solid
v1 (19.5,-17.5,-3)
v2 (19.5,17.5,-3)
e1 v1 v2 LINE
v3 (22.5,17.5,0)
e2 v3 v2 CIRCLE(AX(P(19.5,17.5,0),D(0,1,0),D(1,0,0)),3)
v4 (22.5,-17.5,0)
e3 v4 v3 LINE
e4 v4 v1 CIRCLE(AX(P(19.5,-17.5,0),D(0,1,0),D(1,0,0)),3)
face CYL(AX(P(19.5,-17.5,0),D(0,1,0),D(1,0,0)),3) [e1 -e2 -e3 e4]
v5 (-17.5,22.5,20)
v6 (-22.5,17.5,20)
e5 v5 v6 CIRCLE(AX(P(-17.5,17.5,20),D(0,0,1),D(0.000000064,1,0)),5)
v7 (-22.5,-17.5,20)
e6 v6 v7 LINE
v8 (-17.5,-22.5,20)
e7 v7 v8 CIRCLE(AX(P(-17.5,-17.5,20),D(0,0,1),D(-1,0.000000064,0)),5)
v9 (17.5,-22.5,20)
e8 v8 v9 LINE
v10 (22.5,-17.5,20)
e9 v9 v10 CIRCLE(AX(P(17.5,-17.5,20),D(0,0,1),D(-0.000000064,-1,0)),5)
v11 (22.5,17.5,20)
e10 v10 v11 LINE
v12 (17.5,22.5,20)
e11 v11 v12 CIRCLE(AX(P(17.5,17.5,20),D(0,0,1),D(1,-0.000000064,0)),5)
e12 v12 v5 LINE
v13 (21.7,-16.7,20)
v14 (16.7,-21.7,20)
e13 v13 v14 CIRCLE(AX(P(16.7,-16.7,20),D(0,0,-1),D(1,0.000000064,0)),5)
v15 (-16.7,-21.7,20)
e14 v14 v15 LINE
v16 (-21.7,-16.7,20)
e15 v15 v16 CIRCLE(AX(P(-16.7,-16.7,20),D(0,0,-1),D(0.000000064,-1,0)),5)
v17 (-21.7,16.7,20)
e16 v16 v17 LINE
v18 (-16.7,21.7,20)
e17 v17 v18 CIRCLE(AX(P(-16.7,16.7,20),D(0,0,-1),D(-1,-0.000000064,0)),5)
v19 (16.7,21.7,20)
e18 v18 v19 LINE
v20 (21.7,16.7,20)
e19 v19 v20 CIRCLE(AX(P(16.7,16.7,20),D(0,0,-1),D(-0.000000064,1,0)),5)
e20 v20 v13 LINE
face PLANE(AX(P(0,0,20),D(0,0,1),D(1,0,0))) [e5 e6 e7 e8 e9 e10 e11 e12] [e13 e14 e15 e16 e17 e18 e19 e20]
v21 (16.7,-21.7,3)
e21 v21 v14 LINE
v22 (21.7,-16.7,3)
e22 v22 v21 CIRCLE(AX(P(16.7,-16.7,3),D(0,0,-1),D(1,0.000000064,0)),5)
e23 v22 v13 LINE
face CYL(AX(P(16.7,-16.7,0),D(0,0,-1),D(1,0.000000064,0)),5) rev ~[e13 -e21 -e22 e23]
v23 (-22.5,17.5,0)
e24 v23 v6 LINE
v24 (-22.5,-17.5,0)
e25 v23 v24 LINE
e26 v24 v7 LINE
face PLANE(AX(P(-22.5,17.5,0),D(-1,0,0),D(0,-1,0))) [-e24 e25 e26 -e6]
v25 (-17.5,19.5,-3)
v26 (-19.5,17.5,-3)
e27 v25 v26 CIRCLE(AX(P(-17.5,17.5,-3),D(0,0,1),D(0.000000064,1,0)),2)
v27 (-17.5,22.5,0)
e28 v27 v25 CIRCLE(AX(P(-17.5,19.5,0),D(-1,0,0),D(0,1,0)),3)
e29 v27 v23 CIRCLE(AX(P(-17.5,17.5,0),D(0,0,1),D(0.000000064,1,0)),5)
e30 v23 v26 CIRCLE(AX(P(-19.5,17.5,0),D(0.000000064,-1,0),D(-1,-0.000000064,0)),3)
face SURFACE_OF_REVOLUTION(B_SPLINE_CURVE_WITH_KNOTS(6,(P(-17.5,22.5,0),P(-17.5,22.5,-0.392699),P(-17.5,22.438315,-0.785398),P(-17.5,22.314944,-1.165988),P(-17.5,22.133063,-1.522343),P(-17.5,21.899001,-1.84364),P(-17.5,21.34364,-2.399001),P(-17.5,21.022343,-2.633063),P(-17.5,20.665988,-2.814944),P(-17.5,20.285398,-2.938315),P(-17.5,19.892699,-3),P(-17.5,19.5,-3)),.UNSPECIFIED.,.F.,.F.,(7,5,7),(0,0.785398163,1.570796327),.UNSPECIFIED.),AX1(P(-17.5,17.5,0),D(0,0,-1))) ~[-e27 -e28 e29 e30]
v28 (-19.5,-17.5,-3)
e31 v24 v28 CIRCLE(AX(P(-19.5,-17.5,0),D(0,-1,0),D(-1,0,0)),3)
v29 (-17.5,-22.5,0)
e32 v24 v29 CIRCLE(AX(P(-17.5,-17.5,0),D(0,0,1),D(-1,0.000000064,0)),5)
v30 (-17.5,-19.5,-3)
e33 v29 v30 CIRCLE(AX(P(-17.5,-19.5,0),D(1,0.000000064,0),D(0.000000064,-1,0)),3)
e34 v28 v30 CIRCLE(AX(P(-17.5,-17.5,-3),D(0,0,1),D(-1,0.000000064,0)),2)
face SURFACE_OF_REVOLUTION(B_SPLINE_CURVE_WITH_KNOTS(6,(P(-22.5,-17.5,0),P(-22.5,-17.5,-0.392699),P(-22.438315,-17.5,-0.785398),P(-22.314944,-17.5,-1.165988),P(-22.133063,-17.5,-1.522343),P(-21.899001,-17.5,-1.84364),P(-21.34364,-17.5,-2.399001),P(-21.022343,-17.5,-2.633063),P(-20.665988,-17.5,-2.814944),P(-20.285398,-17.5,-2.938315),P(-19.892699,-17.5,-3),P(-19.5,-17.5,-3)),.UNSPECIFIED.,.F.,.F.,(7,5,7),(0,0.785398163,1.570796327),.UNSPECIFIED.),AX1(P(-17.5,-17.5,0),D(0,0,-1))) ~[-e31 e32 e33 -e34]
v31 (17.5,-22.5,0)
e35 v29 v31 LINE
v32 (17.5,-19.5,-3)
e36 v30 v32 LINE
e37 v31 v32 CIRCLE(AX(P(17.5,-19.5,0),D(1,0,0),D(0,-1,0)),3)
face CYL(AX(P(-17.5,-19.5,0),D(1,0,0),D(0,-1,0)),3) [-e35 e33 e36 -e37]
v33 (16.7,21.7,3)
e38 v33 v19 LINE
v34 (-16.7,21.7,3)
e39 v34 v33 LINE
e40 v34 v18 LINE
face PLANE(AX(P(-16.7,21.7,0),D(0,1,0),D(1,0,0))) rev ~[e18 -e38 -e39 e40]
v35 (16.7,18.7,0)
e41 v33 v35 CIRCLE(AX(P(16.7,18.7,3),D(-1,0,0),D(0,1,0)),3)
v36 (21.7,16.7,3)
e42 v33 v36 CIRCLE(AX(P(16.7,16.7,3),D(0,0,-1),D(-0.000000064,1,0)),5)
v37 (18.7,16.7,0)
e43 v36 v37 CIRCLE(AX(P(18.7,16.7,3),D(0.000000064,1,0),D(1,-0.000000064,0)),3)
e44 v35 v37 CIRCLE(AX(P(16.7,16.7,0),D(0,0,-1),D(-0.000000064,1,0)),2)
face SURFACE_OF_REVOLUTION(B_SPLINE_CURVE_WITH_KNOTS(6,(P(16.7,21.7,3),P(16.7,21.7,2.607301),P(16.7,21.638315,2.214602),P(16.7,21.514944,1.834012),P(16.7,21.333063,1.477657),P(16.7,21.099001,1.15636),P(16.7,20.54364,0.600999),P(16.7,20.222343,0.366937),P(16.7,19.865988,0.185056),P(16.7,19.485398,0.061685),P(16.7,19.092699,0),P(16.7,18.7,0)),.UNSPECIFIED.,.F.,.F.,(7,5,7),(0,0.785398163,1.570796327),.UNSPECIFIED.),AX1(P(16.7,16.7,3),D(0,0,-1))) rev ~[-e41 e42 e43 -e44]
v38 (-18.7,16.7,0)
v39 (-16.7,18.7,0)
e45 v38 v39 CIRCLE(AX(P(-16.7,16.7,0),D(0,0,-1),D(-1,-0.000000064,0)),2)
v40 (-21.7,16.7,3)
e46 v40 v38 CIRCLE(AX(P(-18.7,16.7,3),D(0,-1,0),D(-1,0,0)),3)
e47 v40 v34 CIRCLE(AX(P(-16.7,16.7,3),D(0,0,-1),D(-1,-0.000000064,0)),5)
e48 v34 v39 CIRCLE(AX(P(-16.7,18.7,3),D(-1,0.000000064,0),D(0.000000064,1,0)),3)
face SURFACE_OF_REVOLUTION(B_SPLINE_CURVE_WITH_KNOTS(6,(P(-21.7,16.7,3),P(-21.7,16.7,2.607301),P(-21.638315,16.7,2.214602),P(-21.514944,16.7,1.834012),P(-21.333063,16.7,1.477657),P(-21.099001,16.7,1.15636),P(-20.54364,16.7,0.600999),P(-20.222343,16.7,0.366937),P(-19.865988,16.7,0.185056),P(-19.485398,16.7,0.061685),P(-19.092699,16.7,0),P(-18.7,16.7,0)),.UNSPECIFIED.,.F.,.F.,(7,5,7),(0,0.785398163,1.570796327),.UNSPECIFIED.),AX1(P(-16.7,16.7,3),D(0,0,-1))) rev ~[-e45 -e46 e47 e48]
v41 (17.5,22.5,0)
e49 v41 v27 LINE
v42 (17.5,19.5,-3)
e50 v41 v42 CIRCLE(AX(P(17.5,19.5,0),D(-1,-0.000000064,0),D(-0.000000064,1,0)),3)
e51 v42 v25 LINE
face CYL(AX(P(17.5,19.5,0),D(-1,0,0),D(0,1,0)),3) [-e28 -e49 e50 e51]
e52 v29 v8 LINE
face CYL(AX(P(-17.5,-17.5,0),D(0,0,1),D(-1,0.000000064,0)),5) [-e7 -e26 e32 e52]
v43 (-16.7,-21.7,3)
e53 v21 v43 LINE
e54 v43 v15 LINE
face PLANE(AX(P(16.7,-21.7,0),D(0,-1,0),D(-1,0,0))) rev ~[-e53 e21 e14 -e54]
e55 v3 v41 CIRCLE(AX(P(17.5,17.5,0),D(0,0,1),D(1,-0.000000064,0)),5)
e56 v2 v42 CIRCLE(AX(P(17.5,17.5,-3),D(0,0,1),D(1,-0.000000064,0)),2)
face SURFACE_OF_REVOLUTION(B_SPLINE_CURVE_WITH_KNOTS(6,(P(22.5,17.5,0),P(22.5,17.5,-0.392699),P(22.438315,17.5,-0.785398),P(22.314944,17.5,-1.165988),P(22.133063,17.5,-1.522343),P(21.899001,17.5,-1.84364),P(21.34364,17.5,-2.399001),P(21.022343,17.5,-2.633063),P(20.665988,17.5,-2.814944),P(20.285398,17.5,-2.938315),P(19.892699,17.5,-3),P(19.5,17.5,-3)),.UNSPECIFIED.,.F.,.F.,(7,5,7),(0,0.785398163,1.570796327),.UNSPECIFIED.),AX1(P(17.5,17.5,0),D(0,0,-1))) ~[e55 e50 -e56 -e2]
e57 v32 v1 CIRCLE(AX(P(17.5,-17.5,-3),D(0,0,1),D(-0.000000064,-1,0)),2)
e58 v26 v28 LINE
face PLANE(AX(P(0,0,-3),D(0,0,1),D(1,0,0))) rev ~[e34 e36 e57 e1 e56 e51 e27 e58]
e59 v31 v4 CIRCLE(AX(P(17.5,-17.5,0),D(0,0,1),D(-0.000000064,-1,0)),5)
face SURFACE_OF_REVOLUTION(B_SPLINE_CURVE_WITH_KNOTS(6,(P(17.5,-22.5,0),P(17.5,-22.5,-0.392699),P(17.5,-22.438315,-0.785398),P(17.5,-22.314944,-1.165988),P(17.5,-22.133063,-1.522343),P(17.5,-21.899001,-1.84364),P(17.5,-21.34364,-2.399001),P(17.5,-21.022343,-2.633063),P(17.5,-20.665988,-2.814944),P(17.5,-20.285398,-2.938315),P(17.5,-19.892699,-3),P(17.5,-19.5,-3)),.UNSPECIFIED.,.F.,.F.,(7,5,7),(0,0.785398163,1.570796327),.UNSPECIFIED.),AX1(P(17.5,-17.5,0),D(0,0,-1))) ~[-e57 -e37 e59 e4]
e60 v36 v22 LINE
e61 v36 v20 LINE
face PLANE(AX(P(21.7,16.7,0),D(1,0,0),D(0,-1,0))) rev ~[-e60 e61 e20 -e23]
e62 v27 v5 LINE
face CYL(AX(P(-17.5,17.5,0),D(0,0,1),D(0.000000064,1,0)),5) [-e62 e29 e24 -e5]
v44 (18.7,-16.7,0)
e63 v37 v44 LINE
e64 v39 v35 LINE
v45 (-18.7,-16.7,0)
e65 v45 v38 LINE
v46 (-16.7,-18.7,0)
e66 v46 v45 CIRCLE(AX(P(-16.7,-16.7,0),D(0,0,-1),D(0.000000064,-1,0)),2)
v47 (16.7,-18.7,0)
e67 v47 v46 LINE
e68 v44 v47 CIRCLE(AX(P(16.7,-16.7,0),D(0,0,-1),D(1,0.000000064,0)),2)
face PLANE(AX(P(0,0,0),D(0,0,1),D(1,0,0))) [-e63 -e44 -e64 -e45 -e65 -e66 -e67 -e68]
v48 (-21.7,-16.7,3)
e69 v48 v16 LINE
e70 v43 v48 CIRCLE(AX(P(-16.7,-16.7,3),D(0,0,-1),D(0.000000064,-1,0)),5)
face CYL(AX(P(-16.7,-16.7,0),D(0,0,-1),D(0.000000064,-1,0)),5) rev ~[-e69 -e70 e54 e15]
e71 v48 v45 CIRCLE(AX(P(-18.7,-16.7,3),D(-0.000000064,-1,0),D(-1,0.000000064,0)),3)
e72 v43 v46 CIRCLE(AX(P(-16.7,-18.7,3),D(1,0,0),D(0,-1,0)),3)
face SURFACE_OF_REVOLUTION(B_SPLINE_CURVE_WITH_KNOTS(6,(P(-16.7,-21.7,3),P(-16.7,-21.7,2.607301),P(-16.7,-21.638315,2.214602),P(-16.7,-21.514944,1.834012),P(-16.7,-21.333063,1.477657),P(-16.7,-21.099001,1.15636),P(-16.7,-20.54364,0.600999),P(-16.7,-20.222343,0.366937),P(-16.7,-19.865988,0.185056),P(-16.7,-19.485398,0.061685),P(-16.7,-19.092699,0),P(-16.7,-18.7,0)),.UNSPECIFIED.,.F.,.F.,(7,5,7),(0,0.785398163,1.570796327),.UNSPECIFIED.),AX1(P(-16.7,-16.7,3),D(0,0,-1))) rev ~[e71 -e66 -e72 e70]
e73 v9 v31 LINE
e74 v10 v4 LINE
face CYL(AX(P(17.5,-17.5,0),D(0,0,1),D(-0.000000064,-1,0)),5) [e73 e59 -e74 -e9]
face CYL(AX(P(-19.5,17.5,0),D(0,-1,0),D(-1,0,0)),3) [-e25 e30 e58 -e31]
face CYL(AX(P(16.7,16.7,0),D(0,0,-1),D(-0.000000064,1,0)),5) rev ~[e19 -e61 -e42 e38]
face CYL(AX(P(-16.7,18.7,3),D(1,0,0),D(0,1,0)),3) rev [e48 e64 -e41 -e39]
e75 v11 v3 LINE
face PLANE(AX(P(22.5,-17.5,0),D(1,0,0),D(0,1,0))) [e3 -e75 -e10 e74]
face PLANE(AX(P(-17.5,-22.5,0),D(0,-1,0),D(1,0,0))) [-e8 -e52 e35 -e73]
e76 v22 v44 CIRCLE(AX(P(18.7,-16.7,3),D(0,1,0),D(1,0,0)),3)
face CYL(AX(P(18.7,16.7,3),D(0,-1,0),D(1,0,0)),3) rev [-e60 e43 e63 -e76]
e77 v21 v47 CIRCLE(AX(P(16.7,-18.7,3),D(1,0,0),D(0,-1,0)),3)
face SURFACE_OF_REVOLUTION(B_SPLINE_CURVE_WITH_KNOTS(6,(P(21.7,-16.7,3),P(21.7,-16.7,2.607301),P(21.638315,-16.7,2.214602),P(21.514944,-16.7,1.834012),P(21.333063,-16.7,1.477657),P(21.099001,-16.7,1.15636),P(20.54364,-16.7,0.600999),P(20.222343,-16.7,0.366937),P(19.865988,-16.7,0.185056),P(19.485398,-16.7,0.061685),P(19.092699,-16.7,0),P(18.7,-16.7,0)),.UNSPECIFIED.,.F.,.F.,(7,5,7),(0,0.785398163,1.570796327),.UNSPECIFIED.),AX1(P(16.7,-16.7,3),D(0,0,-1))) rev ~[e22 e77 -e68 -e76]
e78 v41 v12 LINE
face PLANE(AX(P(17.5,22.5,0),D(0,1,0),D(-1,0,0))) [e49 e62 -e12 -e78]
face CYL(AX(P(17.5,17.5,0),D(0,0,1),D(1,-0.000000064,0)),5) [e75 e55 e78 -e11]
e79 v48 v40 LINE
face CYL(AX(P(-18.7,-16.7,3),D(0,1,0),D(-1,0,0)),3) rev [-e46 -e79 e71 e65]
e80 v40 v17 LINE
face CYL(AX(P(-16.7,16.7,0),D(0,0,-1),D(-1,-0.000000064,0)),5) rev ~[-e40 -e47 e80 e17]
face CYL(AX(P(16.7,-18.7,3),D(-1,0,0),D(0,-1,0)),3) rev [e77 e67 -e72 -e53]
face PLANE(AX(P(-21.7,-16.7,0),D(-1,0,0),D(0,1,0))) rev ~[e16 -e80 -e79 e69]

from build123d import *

# Parameters (mm, degrees)
F1_DEPTH = 20
F3_DEPTH = 3
F4_R     = 3
F5_R     = 3


with BuildPart() as f1:
    # F0 (on Top) → F1 (new body)
    with BuildSketch(Plane.XY):
        with BuildLine():
            Line((-17.5, -22.5), (17.5, -22.5))
            ThreePointArc((17.5, -22.5), (21.035534, -21.035534), (22.5, -17.5))
            Line((22.5, -17.5), (22.5, 17.5))
            ThreePointArc((22.5, 17.5), (21.035534, 21.035534), (17.5, 22.5))
            Line((17.5, 22.5), (-17.5, 22.5))
            ThreePointArc((-17.5, 22.5), (-21.035534, 21.035534), (-22.5, 17.5))
            Line((-22.5, 17.5), (-22.5, -17.5))
            ThreePointArc((-22.5, -17.5), (-21.035534, -21.035534), (-17.5, -22.5))
        make_face()
        with BuildLine():
            ThreePointArc((-16.7, -21.7), (-20.235534, -20.235534), (-21.7, -16.7))
            Line((-21.7, -16.7), (-21.7, 16.7))
            ThreePointArc((-21.7, 16.7), (-20.235534, 20.235534), (-16.7, 21.7))
            Line((-16.7, 21.7), (16.7, 21.7))
            ThreePointArc((16.7, 21.7), (20.235534, 20.235534), (21.7, 16.7))
            Line((21.7, 16.7), (21.7, -16.7))
            ThreePointArc((21.7, -16.7), (20.235534, -20.235534), (16.7, -21.7))
            Line((16.7, -21.7), (-16.7, -21.7))
        make_face(mode=Mode.SUBTRACT)
    extrude(amount=F1_DEPTH)

    # F2 (on Top) → F3 (join)
    with BuildSketch(Plane.XY):
        with BuildLine():
            ThreePointArc((22.5, 17.5), (21.035534, 21.035534), (17.5, 22.5))
            Line((17.5, 22.5), (-17.5, 22.5))
            ThreePointArc((-17.5, 22.5), (-21.035534, 21.035534), (-22.5, 17.5))
            Line((-22.5, 17.5), (-22.5, -17.5))
            ThreePointArc((-22.5, -17.5), (-21.035534, -21.035534), (-17.5, -22.5))
            Line((-17.5, -22.5), (17.5, -22.5))
            ThreePointArc((17.5, -22.5), (21.035534, -21.035534), (22.5, -17.5))
            Line((22.5, -17.5), (22.5, 17.5))
        make_face()
    extrude(amount=-F3_DEPTH)

    # F4
    f4_edges = [f1.edges().sort_by_distance(p)[0] for p in [
        (22.5, 0, -3),
        (21.035534, 21.035534, -3),
        (0, 22.5, -3),
        (-21.035534, 21.035534, -3),
        (-22.5, 0, -3),
        (-21.035534, -21.035534, -3),
        (0, -22.5, -3),
        (21.035534, -21.035534, -3),
    ]]
    fillet(f4_edges, radius=F4_R)

    # F5
    f5_edges = [f1.edges().sort_by_distance(p)[0] for p in [
        (0, -21.7, 0),
        (-20.235534, -20.235534, 0),
        (-21.7, 0, 0),
        (-20.235534, 20.235534, 0),
        (0, 21.7, 0),
        (20.235534, 20.235534, 0),
        (21.7, 0, 0),
        (20.235534, -20.235534, 0),
    ]]
    fillet(f5_edges, radius=F5_R)


solid = f1.part
